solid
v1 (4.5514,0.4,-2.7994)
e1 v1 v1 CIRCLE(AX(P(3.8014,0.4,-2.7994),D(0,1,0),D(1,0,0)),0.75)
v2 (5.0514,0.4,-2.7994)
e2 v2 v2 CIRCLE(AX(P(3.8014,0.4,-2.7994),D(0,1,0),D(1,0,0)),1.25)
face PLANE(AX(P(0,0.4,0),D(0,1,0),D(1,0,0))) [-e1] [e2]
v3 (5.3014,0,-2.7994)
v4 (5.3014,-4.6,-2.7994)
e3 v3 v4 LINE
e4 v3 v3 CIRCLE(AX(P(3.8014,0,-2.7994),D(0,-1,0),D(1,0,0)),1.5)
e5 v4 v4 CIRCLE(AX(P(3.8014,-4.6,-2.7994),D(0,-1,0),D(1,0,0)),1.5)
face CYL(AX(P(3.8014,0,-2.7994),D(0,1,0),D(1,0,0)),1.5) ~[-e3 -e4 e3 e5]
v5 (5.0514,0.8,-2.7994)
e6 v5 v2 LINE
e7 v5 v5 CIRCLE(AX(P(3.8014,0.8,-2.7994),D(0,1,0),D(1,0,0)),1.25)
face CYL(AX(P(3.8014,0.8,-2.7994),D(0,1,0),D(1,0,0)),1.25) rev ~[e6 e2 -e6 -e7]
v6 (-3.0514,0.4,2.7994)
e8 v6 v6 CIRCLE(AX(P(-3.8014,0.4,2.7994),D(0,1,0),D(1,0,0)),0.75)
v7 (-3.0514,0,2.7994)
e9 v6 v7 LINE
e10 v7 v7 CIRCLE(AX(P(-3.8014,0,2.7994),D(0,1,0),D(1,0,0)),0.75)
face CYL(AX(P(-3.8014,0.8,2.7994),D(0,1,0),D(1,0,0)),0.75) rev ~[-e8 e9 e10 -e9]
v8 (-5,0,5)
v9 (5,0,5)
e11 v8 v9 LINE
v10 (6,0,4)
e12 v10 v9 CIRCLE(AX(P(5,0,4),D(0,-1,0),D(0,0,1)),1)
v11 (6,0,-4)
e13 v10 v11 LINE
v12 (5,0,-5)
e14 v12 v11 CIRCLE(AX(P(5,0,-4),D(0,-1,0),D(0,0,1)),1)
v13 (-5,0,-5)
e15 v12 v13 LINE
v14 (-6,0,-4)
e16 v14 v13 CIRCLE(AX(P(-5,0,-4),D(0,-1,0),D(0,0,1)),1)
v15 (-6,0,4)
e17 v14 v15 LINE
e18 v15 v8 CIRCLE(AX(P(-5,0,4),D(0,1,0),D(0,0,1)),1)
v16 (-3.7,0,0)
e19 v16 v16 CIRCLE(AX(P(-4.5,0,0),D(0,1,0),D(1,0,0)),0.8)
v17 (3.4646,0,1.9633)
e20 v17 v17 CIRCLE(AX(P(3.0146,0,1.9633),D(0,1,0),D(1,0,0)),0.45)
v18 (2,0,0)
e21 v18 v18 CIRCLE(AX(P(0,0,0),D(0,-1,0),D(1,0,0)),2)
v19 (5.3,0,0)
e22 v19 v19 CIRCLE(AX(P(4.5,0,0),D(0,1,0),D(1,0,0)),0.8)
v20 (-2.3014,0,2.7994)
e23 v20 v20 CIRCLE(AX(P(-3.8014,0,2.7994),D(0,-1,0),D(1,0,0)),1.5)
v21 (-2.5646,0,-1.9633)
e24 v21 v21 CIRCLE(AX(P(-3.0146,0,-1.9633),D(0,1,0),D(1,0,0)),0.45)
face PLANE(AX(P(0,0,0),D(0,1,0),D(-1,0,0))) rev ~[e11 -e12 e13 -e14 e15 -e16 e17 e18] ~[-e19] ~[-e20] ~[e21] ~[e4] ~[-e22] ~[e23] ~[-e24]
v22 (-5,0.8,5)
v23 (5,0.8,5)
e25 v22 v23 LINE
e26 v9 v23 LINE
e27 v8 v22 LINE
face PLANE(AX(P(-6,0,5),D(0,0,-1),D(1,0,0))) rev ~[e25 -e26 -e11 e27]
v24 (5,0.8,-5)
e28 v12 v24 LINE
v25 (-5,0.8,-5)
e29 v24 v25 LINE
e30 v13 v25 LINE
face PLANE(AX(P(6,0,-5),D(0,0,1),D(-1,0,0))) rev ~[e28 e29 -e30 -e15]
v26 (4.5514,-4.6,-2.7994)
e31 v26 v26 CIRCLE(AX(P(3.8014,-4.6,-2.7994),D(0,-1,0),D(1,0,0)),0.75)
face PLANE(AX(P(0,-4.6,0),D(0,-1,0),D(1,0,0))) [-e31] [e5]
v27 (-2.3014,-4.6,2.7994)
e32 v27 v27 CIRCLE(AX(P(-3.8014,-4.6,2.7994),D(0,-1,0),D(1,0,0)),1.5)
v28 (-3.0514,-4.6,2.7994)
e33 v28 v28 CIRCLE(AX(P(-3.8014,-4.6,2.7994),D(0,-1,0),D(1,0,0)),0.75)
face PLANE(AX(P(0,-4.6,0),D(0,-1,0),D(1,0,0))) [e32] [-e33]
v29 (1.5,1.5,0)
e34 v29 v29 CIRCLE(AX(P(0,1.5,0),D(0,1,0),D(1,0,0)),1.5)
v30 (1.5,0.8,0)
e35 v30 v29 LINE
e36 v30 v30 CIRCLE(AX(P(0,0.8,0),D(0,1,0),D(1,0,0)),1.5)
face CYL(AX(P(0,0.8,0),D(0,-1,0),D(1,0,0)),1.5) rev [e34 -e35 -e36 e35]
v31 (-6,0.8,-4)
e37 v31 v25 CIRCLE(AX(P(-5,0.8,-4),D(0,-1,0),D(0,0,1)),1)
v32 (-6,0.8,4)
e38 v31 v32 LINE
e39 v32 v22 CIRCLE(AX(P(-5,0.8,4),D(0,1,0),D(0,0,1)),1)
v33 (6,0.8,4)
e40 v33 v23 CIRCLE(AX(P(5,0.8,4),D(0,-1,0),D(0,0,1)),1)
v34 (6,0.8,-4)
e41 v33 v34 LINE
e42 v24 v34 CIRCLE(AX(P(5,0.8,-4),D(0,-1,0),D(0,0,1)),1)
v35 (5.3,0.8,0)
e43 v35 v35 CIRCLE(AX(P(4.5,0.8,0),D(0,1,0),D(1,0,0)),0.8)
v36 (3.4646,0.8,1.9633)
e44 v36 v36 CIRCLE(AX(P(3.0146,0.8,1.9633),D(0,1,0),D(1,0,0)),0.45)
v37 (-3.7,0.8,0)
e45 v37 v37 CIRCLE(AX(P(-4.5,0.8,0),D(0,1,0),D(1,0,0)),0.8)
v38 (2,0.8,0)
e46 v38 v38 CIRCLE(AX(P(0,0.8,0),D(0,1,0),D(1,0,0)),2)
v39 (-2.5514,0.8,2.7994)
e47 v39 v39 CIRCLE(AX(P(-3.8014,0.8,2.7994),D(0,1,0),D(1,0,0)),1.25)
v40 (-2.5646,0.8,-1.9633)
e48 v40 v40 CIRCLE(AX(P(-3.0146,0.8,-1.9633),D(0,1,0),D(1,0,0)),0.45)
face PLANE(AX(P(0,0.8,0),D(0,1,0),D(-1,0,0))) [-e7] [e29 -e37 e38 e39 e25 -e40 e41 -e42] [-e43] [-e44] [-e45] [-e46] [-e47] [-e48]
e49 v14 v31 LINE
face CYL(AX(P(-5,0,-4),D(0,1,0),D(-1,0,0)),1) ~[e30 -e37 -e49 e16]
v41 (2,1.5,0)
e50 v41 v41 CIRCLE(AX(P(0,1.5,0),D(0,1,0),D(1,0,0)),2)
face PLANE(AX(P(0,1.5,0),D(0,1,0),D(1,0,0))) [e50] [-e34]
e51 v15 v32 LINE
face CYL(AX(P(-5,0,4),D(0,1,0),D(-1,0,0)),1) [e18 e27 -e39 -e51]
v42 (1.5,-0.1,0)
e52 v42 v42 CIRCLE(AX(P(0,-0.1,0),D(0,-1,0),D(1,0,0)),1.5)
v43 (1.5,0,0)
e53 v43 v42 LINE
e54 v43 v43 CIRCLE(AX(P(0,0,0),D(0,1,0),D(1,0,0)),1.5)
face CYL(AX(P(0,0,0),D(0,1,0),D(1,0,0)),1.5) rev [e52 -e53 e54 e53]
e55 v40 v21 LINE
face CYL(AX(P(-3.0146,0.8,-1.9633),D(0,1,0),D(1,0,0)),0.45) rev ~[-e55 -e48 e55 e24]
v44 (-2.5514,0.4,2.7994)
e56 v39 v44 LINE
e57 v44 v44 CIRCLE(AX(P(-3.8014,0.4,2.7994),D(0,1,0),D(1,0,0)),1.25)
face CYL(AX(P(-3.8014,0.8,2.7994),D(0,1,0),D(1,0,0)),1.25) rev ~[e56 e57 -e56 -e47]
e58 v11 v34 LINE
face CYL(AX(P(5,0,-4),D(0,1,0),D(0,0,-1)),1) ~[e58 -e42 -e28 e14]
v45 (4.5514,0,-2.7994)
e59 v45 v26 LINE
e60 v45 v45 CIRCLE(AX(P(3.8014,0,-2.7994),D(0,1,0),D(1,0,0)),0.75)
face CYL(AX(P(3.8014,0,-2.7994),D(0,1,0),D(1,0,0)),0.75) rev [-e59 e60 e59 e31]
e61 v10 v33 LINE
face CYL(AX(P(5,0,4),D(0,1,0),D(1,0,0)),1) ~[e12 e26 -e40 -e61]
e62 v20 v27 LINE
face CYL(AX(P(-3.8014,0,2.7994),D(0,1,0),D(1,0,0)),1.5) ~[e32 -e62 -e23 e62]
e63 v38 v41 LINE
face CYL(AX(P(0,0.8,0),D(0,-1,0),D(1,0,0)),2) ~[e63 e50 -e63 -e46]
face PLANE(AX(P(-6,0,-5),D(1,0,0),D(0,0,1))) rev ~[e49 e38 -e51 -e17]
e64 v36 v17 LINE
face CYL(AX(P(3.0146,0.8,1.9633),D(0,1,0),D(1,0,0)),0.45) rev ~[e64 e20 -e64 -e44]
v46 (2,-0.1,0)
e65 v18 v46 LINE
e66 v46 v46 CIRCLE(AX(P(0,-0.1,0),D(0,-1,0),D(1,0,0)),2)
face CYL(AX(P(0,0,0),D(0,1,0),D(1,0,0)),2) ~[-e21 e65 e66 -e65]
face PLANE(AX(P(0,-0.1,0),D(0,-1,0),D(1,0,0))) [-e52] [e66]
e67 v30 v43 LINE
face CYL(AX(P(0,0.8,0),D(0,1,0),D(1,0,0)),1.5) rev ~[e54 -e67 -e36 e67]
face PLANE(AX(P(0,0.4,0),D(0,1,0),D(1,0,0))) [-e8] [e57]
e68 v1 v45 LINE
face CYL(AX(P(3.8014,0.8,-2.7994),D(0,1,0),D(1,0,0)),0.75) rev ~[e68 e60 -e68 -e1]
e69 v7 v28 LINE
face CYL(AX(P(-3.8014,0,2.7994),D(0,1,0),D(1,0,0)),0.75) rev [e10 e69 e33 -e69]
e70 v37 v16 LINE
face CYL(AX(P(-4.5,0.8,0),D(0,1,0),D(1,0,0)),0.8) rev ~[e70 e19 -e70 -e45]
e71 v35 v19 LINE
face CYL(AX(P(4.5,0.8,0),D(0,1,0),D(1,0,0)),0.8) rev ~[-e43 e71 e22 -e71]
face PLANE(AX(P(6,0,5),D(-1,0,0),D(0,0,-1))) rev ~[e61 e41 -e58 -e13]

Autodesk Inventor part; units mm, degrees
ref_plane "YZ Plane" through (0, 0, 0) normal (1, 0, 0) x (0, 1, 0)
ref_plane "XZ Plane" through (0, 0, 0) normal (0, 1, 0) x (-1, 0, 0)
ref_plane "XY Plane" through (0, 0, 0) normal (0, 0, 1) x (1, 0, 0)
sketch "Esboço1" plane through (0, 0, 0) normal (0, 1, 0) x (-1, 0, 0)
  line L0 (6, 5) -> (-6, 5)
  line L1 (-6, 5) -> (-6, -5)
  line L2 (-6, -5) -> (6, -5)
  line L3 (6, -5) -> (6, 5)
  line L4 (6, 5) -> (-6, -5) construction
  line L5 (-6, 5) -> (6, -5) construction
  point P0 (0, 0)
  dimension "d0" = 12
  dimension "d1" = 10
extrude "Extrusão1" add sketch "Esboço1" along normal blind 0.8
fillet "Arredondamento1" radius 1 4 edges at (-6, 0.4, 5) (6, 0.4, 5) (6, 0.4, -5) (-6, 0.4, -5)
sketch "Esboço2" plane through (0, 0.8, 0) normal (0, 1, 0) x (1, 0, 0)
  circle A0 centre (0, 0) radius 2
  circle A1 centre (0, 0) radius 1.5
  dimension "d5" = 4
  dimension "d6" = 3
extrude "Extrusão2" add sketch "Esboço2" along normal blind 0.7
extrude "Extrusão3" cut sketch "Esboço2" against normal blind 0.8 contours A1
sketch "Esboço3" plane through (0, 0.8, 0) normal (0, 1, 0) x (1, 0, 0)
  circle A0 centre (4.5, 0) radius 0.8
  circle A1 centre (0, 0) radius 1.5 projected
  line L0 (0, -1.5) -> (0, 1.5)
  circle A2 centre (-4.5, 0) radius 0.8
  circle A3 centre (0, 0) radius 1.5
  dimension "d11" = 1.6
extrude "Extrusão4" cut sketch "Esboço3" against normal blind 0.8 contours A0 | A2
sketch "Esboço4" plane through (0, 0.8, 0) normal (0, 1, 0) x (1, 0, 0)
  circle A0 centre (-3.0146, 1.9633) radius 0.45
  circle A1 centre (0, 0) radius 2 projected
  line L0 (5, 5) -> (-5, 5) projected
  line L1 (-5, -5) -> (5, -5) projected
  circle A2 centre (3.0146, -1.9633) radius 0.45
  dimension "d14" = 0.9
  dimension "d15" = 0.9
extrude "Extrusão5" cut sketch "Esboço4" against normal blind 0.8 contours A0 | A2
sketch "Esboço5" plane through (0, 0.8, 0) normal (0, 1, 0) x (1, 0, 0)
  circle A0 centre (3.8014, 2.7994) radius 1.25
  circle A1 centre (-3.8014, -2.7994) radius 1.25
  circle A2 centre (3.8014, 2.7994) radius 0.75
  circle A3 centre (-3.8014, -2.7994) radius 0.75
  point P0 (0, 0)
  dimension "d18" = 2.5
  dimension "d19" = 2.5
  dimension "d22" = 1.5
  dimension "d30" = 1.5
extrude "Extrusão6" cut sketch "Esboço5" against normal blind 0.4 contours A0 | A1 | A2 | A3
extrude "Extrusão7" cut sketch "Esboço5" against normal blind 10 contours A2 | A3
sketch "Esboço6" plane through (0, 0, 0) normal (0, -1, 0) x (1, 0, 0)
  circle A0 centre (-3.8014, 2.7994) radius 0.75 projected
  circle A1 centre (-3.8014, 2.7994) radius 1.5
  circle A2 centre (3.8014, -2.7994) radius 0.75 projected
  circle A3 centre (3.8014, -2.7994) radius 1.5
  point P0 (0, 0)
  dimension "d26" = 3
  dimension "d27" = 3
extrude "Extrusão8" add sketch "Esboço6" along normal blind 4.6
thread "Rosca1" size "M1.6x0.35" class "6H" standard "ANSI Metric M Profile" full length
thread "Rosca2" size "M1.6x0.35" class "6H" standard "ANSI Metric M Profile" full length
sketch "Esboço10" plane through (0, 0, 0) normal (0, -1, 0) x (1, 0, 0)
  circle A0 centre (0, 0) radius 2 projected
  circle A1 centre (0, 0) radius 1.5 projected
extrude "Extrusão9" add sketch "Esboço10" along normal blind 0.1
properties part number "Chapa Superior"
